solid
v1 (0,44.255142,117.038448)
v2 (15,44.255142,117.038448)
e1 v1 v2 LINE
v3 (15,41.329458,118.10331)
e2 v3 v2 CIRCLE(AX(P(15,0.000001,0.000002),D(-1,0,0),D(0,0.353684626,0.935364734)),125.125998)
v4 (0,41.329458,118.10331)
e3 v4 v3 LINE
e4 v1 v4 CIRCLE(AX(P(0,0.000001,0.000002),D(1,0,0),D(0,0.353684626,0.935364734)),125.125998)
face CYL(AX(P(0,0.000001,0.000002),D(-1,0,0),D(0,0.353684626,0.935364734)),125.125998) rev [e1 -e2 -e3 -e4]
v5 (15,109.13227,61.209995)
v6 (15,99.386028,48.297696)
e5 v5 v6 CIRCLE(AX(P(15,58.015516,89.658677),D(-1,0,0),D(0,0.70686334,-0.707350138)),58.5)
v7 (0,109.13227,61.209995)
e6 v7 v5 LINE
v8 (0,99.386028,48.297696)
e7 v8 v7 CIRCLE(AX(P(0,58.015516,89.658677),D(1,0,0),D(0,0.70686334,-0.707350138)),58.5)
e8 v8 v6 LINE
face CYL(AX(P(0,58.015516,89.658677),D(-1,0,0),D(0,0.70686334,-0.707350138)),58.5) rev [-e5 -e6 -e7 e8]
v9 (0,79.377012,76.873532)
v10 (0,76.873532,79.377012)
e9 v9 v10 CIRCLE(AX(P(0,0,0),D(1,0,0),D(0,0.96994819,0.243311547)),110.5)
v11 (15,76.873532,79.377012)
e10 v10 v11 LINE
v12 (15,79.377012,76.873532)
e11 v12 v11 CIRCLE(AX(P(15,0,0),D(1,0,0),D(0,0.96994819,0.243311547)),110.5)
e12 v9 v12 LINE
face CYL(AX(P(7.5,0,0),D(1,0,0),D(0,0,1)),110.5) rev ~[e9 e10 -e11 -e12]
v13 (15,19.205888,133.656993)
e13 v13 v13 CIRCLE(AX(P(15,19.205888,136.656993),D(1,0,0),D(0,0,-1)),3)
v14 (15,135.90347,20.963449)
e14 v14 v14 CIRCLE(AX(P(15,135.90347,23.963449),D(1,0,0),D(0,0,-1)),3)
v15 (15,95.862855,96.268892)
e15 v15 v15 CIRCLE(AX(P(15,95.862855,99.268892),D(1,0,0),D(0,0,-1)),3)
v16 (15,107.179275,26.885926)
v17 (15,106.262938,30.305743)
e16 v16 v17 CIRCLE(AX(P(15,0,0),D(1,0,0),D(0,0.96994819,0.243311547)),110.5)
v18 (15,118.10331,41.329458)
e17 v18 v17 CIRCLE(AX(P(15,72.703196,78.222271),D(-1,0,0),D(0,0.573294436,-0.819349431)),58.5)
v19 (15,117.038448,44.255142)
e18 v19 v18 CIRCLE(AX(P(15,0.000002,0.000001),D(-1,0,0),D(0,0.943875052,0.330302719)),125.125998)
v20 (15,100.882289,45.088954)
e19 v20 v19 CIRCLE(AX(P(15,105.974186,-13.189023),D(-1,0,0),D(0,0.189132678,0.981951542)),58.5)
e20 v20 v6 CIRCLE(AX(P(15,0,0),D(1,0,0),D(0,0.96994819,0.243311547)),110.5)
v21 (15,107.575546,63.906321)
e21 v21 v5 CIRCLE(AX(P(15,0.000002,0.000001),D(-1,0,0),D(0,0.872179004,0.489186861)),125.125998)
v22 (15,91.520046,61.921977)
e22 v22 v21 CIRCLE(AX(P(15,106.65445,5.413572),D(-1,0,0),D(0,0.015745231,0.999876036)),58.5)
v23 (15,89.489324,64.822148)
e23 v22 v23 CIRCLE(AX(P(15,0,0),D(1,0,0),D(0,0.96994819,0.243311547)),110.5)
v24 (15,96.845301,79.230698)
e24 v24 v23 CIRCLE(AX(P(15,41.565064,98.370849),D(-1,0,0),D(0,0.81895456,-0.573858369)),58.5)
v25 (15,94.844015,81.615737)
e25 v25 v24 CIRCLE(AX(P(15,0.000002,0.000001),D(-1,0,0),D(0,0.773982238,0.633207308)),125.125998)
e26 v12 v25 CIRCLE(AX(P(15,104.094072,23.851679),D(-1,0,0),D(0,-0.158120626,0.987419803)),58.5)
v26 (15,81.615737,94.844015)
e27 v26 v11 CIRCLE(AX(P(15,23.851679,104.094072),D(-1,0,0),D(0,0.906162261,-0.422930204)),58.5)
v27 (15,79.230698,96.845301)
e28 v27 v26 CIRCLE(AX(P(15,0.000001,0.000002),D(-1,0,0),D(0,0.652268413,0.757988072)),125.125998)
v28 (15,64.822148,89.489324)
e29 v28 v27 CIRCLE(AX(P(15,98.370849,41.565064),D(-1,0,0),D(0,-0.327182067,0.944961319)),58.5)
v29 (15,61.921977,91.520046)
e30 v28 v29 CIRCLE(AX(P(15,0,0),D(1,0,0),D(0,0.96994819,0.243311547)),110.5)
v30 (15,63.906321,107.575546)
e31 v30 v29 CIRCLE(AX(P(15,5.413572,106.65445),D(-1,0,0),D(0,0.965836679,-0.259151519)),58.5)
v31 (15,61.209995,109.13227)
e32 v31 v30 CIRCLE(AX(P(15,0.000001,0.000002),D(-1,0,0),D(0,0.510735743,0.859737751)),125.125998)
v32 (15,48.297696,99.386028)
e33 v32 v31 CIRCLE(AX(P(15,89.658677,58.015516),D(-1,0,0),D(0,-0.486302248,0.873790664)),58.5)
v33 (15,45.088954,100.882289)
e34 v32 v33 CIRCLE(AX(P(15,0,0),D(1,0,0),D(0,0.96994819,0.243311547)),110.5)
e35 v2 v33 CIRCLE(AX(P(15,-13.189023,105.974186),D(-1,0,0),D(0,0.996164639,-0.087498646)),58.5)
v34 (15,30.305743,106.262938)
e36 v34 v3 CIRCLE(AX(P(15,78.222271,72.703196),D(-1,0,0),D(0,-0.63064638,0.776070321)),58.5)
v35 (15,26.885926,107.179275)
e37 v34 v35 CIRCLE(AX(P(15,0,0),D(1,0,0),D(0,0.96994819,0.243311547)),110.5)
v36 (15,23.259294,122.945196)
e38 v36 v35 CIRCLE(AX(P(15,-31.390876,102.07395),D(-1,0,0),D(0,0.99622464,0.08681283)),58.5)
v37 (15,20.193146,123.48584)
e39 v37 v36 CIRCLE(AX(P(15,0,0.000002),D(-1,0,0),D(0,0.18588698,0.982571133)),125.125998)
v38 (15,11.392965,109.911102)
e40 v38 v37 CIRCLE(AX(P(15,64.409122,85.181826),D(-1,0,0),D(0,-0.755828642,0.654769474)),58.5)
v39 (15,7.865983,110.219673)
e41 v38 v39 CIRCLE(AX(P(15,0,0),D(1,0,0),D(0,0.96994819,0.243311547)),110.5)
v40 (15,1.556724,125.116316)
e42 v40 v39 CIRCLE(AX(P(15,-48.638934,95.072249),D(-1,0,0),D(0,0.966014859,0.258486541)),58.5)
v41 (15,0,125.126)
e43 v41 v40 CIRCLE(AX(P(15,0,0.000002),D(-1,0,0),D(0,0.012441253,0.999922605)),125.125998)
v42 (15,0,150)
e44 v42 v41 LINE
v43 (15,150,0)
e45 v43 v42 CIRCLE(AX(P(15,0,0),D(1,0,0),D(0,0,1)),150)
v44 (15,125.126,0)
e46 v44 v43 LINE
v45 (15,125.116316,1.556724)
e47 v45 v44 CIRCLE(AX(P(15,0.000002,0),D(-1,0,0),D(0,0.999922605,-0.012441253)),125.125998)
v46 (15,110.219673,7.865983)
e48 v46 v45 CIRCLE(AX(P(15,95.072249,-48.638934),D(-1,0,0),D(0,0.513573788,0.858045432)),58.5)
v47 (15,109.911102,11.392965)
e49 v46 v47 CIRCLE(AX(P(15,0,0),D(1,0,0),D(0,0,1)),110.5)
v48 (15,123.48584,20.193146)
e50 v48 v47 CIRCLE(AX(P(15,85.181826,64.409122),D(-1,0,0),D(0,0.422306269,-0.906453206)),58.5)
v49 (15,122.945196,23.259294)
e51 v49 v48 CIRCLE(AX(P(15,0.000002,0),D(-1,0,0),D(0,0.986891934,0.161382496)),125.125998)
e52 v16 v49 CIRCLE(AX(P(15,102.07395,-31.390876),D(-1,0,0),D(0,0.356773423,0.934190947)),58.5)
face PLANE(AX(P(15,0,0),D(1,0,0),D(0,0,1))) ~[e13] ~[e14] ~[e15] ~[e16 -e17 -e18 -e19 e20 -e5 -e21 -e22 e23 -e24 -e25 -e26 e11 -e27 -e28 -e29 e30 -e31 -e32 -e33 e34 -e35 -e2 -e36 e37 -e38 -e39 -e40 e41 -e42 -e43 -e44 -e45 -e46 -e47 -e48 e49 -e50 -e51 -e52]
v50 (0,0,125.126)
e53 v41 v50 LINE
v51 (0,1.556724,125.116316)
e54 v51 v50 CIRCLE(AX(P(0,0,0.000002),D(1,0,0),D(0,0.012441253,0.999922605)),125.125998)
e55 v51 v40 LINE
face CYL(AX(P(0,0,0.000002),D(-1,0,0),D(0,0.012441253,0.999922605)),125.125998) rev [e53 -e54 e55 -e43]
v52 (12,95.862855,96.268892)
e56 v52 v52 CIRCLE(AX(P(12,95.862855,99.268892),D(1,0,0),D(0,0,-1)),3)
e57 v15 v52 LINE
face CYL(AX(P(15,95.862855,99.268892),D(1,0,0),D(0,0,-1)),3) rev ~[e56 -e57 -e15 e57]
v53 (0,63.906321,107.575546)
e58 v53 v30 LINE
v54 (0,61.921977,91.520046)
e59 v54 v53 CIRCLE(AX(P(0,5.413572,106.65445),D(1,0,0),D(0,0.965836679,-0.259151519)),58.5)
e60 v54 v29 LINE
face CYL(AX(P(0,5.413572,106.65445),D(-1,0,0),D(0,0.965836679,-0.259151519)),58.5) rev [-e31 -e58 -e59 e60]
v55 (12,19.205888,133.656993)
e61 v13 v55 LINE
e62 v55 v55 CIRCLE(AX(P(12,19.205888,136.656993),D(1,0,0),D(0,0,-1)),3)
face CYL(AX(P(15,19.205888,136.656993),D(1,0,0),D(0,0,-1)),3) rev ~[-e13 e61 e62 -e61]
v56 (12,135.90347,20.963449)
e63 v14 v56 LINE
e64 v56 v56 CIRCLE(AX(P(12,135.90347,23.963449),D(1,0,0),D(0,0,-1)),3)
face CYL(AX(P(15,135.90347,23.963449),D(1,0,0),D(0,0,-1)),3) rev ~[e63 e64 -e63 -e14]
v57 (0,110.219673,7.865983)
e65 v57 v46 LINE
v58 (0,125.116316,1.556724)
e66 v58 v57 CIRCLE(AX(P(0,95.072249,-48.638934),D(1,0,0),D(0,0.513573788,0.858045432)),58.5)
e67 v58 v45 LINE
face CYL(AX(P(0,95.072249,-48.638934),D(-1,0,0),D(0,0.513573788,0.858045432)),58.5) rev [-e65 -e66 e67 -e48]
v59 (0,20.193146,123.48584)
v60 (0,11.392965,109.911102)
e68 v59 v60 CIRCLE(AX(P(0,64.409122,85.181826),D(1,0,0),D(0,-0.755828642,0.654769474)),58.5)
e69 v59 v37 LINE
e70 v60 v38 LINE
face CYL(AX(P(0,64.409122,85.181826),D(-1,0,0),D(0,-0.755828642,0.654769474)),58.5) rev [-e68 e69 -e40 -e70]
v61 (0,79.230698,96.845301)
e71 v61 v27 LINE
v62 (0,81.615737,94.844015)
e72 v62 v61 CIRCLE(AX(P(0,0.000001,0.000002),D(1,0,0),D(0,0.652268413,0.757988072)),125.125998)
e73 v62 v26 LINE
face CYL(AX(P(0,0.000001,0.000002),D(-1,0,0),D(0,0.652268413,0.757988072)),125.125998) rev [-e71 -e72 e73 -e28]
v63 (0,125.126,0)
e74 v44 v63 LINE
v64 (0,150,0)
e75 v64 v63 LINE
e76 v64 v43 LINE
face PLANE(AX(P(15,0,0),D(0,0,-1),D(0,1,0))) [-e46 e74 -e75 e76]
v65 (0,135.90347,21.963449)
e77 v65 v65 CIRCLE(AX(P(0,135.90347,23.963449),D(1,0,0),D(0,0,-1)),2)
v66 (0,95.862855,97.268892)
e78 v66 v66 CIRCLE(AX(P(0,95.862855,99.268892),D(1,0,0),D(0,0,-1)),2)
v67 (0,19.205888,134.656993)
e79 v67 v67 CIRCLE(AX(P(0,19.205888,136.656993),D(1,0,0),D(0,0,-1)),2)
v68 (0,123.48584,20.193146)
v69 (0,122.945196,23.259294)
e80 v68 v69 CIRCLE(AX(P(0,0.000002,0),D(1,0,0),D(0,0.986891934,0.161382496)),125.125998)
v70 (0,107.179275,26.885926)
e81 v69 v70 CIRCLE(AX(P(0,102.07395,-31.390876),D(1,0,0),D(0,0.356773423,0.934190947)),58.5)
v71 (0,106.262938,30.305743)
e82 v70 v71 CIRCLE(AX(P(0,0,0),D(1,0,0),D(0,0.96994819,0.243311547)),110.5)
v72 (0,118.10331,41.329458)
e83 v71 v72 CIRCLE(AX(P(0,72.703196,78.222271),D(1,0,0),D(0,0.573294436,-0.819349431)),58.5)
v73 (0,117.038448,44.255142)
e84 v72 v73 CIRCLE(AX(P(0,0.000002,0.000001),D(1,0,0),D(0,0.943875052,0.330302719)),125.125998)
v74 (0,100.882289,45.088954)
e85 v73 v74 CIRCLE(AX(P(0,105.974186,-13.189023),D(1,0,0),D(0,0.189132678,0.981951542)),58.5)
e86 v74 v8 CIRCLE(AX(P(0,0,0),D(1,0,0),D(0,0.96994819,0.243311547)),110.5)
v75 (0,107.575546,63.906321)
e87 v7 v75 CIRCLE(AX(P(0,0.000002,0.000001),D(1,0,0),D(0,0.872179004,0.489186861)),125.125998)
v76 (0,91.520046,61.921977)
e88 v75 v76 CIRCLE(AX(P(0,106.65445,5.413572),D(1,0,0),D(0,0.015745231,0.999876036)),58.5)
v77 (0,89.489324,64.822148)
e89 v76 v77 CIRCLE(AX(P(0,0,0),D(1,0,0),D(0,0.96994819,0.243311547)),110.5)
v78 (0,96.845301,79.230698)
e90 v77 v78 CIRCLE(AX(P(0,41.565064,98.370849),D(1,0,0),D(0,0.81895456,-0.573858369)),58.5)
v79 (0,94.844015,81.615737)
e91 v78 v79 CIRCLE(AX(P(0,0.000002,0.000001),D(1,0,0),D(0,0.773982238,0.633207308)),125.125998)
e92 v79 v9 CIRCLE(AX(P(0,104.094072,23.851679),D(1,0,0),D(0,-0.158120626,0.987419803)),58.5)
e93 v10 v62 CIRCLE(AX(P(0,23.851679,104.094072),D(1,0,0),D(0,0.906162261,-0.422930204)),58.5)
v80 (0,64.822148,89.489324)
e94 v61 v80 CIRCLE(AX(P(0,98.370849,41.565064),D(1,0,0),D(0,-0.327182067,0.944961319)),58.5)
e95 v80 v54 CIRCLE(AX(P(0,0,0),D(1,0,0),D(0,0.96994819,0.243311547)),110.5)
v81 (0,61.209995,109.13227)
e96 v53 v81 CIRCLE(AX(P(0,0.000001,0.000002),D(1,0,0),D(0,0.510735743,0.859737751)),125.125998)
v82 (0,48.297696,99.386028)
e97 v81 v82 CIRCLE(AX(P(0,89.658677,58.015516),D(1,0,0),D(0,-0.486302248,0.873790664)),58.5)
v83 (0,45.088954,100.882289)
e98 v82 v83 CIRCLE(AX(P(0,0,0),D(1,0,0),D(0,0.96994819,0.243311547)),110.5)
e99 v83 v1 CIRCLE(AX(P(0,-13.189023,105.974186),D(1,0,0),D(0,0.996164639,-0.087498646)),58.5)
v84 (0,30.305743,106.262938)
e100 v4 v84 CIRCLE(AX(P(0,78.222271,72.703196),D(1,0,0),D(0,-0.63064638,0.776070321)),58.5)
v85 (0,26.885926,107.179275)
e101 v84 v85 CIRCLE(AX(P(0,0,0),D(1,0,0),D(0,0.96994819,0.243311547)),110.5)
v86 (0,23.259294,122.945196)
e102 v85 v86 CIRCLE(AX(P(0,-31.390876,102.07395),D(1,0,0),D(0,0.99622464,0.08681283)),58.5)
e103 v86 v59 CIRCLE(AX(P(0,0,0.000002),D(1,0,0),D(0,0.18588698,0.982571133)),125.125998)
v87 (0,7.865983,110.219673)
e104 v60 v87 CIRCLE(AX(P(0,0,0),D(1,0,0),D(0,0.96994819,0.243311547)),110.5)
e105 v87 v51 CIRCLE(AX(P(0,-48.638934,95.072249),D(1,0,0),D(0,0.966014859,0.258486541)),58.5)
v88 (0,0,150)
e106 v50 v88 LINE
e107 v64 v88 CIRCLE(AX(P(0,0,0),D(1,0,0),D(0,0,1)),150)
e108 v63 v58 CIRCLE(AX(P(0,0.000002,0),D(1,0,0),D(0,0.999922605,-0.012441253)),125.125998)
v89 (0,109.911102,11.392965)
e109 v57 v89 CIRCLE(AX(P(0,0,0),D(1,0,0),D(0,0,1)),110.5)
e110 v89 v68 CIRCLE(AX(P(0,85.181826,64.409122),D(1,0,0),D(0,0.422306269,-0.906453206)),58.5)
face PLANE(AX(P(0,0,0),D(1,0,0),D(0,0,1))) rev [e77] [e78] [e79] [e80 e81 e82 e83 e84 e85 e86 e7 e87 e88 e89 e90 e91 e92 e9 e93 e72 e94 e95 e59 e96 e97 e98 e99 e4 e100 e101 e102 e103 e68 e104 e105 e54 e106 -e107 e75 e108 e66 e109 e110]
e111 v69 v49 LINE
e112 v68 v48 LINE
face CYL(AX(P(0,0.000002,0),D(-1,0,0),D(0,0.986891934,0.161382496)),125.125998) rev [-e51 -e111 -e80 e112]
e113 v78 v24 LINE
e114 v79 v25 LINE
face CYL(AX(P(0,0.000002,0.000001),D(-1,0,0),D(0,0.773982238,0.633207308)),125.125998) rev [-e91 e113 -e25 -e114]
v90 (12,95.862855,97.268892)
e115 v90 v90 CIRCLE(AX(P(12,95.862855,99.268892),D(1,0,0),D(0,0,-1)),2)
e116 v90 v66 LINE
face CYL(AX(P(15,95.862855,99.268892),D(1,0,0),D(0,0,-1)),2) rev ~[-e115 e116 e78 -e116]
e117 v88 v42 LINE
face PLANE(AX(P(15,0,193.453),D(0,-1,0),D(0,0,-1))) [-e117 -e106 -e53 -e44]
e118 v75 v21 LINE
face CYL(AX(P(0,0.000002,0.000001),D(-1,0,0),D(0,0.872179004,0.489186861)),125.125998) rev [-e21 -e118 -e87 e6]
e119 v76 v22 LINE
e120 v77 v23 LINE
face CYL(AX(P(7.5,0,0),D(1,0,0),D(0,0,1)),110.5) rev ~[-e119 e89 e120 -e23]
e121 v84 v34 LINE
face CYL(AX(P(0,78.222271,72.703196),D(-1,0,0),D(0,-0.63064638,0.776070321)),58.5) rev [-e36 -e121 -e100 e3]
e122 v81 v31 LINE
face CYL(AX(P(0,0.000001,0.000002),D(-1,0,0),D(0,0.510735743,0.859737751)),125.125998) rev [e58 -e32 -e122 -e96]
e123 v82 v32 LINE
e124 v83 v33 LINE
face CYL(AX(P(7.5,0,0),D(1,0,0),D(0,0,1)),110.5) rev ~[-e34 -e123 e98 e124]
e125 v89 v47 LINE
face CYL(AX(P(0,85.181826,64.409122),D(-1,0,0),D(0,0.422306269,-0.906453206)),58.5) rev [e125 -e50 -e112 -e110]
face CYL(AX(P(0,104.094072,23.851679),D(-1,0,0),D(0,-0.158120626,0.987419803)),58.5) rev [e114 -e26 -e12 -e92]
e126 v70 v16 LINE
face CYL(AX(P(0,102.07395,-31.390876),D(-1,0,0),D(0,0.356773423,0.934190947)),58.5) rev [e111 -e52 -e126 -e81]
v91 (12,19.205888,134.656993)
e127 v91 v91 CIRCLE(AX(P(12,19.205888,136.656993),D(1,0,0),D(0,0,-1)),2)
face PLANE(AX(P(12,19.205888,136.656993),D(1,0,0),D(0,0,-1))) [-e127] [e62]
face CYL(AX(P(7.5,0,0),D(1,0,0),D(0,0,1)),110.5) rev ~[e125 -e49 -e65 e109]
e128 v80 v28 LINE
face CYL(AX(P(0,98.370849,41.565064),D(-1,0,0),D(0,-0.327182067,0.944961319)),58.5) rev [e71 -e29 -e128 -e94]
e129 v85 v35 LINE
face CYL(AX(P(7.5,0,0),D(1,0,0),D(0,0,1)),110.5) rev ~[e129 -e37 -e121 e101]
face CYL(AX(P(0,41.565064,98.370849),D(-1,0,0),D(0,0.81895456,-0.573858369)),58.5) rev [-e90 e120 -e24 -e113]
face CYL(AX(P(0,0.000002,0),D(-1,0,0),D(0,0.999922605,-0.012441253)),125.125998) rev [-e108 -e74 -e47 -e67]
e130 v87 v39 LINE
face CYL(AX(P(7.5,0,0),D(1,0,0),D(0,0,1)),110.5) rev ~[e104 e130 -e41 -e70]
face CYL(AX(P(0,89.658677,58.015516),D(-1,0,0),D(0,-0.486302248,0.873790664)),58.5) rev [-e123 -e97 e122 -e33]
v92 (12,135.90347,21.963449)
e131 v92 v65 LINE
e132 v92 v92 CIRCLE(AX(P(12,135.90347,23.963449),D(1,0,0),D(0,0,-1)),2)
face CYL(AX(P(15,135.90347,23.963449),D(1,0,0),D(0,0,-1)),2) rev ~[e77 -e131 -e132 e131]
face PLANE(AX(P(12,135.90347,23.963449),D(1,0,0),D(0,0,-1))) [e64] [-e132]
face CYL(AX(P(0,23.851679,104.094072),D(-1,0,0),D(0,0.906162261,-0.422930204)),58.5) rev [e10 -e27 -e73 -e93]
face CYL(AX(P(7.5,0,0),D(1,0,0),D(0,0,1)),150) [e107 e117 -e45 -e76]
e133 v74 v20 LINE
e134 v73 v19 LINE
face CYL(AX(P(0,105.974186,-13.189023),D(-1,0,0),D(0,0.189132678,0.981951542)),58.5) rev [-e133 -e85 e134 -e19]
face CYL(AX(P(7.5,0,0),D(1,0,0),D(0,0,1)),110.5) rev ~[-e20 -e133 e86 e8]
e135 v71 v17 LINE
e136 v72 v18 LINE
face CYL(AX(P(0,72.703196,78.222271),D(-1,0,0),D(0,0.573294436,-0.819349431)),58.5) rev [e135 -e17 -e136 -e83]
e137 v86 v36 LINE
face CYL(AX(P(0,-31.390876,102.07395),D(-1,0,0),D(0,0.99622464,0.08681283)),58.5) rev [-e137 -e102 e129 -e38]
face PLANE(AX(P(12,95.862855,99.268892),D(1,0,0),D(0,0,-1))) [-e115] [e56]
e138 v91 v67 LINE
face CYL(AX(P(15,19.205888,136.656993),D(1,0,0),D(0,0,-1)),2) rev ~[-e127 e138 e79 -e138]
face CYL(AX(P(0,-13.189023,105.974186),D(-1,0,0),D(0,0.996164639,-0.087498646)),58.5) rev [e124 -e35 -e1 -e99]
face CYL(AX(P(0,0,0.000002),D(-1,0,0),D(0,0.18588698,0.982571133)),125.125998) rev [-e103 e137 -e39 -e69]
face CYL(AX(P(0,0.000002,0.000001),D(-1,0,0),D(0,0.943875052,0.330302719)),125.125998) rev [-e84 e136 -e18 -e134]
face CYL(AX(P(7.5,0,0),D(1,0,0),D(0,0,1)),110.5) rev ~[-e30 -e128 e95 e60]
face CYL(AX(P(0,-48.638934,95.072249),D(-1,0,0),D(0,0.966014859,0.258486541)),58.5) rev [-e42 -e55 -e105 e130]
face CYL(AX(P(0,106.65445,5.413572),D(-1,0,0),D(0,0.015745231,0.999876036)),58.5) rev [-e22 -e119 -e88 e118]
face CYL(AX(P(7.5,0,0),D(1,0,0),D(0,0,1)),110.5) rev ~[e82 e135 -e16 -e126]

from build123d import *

# Parameters (mm, degrees)
BASPROSKE_W           = 15
BASPROSKE_H           = 39.5
TOOTHCUT_DEPTH        = 213.661703181
TEETHCUTS_COUNT       = 36
TEETHCUTS_ANGLE       = 350
CROQUIS1_OUTSIDE_W    = 386.906
CROQUIS1_OUTSIDE_H    = 386.906
CROQUIS1_OUTSIDE_W_2  = 205.376556513
CROQUIS1_OUTSIDE_H_2  = 174.679952659
CORTAR_EXTRUIR1_DEPTH = 213.661703181
CROQUIS2_R            = 2
CORTAR_EXTRUIR2_DEPTH = 213.661703181
CROQUIS2_3_R          = 3
CROQUIS2_3_R_2        = 2
CORTAR_EXTRUIR3_DEPTH = 3


with BuildPart() as part:
    # BasProSke → Base-Revolve (revolve)
    with BuildSketch(Plane(origin=(0, 0, 0), x_dir=(1, 0, 0), z_dir=(0, 1, 0))):
        with Locations((7.5, 130.25)):
            Rectangle(BASPROSKE_W, BASPROSKE_H)
    revolve(axis=Axis((-10, 0, 0), (1, 0, 0)))

    # TooCutSke → ToothCut (cut, through all)
    with BuildSketch(Plane(origin=(0, 0, 0), x_dir=(0, 0, -1), z_dir=(1, 0, 0))):
        with BuildLine():
            ThreePointArc((7.872935628, 110.193711843), (5.234019781, 117.874768587), (1.556724153, 125.116315826))
            ThreePointArc((1.556724153, 125.116315826), (0, 125.126), (-1.556724153, 125.116315826))
            ThreePointArc((-1.556724153, 125.116315826), (-5.234019781, 117.874768587), (-7.872935628, 110.193711843))
            ThreePointArc((-7.872935628, 110.193711843), (0, 110.4746), (7.872935628, 110.193711843))
        make_face()
    toothcut = extrude(amount=TOOTHCUT_DEPTH, mode=Mode.SUBTRACT)

    # TeethCuts: ToothCut ×36 about axis
    teethcuts_axis = Axis((-10, 0, 0), (1, 0, 0))
    for i in range(1, TEETHCUTS_COUNT):
        add(toothcut.rotate(teethcuts_axis, i * TEETHCUTS_ANGLE / (TEETHCUTS_COUNT - 1)), mode=Mode.SUBTRACT)

    # Croquis1 outside → Cortar-Extruir1 (cut, through all)
    with BuildSketch(Plane(origin=(15, 0, 0), x_dir=(0, 0, -1), z_dir=(1, 0, 0))):
        Rectangle(CROQUIS1_OUTSIDE_W, CROQUIS1_OUTSIDE_H)
        with Locations((-102.688278257, 87.33997633)):
            Rectangle(CROQUIS1_OUTSIDE_W_2, CROQUIS1_OUTSIDE_H_2, mode=Mode.SUBTRACT)
    extrude(amount=-CORTAR_EXTRUIR1_DEPTH, mode=Mode.SUBTRACT)

    # Croquis2 → Cortar-Extruir2 (cut, through all)
    with BuildSketch(Plane(origin=(15, 0, 0), x_dir=(0, 0, -1), z_dir=(1, 0, 0))):
        with Locations((-23.963448518, 135.903469916)):
            Circle(CROQUIS2_R)
        with Locations((-99.268892447, 95.862855123)):
            Circle(CROQUIS2_R)
        with Locations((-136.656993486, 19.205887932)):
            Circle(CROQUIS2_R)
    extrude(amount=-CORTAR_EXTRUIR2_DEPTH, mode=Mode.SUBTRACT)

    # Croquis2<3> → Cortar-Extruir3 (cut)
    # profile 1 of 3: a face of its own
    with BuildSketch(Plane(origin=(15, 0, 0), x_dir=(0, 0, -1), z_dir=(1, 0, 0))):
        with Locations((-23.963448518, 135.903469916)):
            Circle(CROQUIS2_3_R)
        with Locations((-23.963448518, 135.903469916)):
            Circle(CROQUIS2_3_R_2, mode=Mode.SUBTRACT)
    # profile 2 of 3: a face of its own
    with BuildSketch(Plane(origin=(15, 0, 0), x_dir=(0, 0, -1), z_dir=(1, 0, 0))):
        with Locations((-99.268892447, 95.862855123)):
            Circle(CROQUIS2_3_R)
        with Locations((-99.268892447, 95.862855123)):
            Circle(CROQUIS2_3_R_2, mode=Mode.SUBTRACT)
    # profile 3 of 3: a face of its own
    with BuildSketch(Plane(origin=(15, 0, 0), x_dir=(0, 0, -1), z_dir=(1, 0, 0))):
        with Locations((-136.656993486, 19.205887932)):
            Circle(CROQUIS2_3_R)
        with Locations((-136.656993486, 19.205887932)):
            Circle(CROQUIS2_3_R_2, mode=Mode.SUBTRACT)
    extrude(amount=-CORTAR_EXTRUIR3_DEPTH, mode=Mode.SUBTRACT)


solid = part.part
